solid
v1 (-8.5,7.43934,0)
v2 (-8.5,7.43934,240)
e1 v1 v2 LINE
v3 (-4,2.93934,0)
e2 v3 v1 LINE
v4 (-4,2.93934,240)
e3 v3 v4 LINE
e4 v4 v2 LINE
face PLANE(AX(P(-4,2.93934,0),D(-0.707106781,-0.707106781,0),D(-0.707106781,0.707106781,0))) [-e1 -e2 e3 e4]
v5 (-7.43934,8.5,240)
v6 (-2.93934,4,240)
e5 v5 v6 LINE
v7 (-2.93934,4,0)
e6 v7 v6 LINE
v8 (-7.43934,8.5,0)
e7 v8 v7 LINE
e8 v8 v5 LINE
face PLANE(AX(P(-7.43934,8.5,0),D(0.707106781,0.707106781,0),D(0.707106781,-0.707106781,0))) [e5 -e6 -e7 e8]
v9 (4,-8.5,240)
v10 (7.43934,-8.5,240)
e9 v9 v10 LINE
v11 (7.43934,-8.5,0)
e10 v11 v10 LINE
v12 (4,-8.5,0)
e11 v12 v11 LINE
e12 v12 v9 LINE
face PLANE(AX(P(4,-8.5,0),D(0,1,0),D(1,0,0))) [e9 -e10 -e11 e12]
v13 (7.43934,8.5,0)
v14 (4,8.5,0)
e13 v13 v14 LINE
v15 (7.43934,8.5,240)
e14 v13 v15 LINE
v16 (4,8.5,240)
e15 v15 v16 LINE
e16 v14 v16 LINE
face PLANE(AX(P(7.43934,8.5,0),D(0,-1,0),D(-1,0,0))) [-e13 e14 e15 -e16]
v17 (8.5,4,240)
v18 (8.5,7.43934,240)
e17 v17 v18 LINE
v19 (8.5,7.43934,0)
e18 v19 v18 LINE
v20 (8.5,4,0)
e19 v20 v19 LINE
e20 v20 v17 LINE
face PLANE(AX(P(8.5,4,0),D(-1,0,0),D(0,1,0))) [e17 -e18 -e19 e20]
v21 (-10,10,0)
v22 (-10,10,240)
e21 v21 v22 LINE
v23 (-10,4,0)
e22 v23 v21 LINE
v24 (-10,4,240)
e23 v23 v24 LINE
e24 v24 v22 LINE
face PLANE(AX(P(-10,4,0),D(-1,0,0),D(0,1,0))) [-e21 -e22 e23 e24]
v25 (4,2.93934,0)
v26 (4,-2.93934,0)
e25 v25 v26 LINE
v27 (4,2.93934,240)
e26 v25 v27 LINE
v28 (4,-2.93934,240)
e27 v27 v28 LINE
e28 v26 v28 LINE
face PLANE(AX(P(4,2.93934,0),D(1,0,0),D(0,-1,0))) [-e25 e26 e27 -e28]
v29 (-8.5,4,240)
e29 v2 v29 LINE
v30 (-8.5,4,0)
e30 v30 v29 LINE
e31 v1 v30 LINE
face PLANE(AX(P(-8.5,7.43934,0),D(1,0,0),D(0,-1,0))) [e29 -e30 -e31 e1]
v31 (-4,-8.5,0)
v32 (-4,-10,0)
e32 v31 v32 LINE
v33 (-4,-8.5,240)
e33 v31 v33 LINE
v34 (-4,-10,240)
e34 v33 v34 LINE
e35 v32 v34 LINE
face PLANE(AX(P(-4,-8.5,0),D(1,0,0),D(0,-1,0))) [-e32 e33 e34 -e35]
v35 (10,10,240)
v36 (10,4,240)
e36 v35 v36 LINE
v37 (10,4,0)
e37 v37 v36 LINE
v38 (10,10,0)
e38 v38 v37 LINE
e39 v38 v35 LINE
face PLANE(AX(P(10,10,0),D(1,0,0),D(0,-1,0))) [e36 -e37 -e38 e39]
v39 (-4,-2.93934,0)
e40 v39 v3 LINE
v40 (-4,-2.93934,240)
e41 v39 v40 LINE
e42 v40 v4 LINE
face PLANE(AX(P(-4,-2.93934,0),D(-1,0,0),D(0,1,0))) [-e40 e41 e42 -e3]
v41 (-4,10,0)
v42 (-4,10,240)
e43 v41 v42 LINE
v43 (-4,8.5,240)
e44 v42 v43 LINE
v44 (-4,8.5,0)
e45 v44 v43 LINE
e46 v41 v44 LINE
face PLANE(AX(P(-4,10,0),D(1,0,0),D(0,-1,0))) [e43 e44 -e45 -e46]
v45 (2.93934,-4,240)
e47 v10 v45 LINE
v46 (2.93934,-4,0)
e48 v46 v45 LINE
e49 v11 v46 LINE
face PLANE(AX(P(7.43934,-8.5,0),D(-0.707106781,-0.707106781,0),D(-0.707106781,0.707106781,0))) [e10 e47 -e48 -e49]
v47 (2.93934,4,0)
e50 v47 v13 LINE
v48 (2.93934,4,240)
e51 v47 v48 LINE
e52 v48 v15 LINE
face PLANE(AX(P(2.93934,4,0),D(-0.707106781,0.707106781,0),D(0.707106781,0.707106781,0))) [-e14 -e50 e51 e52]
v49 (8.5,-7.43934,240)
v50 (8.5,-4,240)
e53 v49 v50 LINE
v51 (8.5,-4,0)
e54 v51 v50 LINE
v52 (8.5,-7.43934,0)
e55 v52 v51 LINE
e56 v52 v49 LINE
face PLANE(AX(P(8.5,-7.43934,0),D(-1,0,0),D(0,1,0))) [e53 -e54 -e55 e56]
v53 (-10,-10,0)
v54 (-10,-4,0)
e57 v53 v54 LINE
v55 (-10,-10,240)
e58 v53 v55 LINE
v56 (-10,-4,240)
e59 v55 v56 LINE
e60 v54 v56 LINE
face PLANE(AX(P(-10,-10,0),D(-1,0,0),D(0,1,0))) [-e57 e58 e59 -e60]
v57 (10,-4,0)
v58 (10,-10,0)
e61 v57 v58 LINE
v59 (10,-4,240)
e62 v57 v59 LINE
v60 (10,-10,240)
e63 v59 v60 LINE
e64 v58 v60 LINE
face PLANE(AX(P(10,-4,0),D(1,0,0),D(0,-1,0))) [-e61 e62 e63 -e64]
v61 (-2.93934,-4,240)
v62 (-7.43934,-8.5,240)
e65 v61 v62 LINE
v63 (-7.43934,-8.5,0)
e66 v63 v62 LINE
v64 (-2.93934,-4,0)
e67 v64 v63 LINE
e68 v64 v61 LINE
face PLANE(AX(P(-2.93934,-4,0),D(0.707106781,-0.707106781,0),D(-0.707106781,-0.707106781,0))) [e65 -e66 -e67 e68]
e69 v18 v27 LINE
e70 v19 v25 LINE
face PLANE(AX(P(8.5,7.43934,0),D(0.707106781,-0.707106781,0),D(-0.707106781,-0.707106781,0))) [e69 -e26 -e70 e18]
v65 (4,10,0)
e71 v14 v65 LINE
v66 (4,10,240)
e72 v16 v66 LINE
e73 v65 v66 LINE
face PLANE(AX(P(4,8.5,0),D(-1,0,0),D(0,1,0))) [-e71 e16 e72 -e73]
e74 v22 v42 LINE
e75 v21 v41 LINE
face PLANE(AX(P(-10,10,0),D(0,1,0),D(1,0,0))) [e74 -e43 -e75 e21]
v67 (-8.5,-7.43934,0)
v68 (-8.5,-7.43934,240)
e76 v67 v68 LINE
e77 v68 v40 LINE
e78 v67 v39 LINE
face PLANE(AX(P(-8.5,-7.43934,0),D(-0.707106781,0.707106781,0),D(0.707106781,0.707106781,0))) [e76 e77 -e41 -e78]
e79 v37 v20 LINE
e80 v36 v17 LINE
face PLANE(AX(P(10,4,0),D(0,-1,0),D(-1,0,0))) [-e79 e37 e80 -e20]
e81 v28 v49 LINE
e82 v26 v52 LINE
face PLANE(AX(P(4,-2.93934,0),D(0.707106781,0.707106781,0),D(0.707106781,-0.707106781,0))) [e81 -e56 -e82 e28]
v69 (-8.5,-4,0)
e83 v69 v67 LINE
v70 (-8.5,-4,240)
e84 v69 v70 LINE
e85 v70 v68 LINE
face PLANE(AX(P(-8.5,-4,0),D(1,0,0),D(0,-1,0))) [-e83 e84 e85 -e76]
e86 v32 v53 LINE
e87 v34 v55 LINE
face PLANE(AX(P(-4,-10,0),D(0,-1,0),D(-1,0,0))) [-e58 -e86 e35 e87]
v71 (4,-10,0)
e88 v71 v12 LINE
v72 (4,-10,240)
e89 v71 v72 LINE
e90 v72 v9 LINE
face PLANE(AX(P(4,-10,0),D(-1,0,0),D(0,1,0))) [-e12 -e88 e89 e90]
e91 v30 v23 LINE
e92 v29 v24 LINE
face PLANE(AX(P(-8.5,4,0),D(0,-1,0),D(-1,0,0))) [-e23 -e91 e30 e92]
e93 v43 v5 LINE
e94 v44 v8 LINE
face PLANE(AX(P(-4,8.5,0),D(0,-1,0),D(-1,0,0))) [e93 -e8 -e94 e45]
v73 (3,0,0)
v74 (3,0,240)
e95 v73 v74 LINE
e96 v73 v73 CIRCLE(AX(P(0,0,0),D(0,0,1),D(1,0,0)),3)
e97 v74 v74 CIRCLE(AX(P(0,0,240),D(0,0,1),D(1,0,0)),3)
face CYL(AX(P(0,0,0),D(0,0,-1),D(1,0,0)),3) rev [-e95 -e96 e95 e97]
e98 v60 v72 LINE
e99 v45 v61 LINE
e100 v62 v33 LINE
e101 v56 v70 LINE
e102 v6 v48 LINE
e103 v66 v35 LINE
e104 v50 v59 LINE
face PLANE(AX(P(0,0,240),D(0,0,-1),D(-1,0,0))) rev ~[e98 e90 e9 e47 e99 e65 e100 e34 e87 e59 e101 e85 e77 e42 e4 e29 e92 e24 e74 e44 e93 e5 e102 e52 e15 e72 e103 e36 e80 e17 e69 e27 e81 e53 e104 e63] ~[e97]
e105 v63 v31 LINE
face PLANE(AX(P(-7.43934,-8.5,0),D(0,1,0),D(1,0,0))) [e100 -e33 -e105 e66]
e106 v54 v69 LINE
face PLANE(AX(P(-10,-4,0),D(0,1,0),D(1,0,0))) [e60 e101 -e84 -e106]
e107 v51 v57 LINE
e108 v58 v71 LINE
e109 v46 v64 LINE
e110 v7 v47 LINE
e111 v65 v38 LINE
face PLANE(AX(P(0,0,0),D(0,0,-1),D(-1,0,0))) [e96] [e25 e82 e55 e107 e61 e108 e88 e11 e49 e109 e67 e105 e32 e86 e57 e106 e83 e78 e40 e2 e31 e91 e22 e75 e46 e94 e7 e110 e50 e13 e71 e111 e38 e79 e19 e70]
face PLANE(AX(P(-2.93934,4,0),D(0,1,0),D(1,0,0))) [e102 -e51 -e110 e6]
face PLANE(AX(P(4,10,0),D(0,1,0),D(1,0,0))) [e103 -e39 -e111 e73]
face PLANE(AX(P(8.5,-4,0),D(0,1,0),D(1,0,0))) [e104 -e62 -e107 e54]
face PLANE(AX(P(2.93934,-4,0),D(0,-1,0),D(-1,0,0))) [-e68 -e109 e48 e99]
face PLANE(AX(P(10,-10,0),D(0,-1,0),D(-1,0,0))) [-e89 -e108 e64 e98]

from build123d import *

# Parameters (mm, degrees)
ESBO_O1_R                = 3
RESSALTO_EXTRUS_O1_DEPTH = 240


with BuildPart() as part:
    # Esboço1 → Ressalto-extrusão1 (new body)
    with BuildSketch(Plane.XY):
        Polygon((-2.939339828, 4), (2.939339828, 4), (7.439339828, 8.5), (4, 8.5), (4, 10), (10, 10), (10, 4), (8.5, 4), (8.5, 7.439339828), (4, 2.939339828), (4, -2.939339828), (8.5, -7.439339828), (8.5, -4), (10, -4), (10, -10), (4, -10), (4, -8.5), (7.439339828, -8.5), (2.939339828, -4), (-2.939339828, -4), (-7.439339828, -8.5), (-4, -8.5), (-4, -10), (-10, -10), (-10, -4), (-8.5, -4), (-8.5, -7.439339828), (-4, -2.939339828), (-4, 2.939339828), (-8.5, 7.439339828), (-8.5, 4), (-10, 4), (-10, 10), (-4, 10), (-4, 8.5), (-7.439339828, 8.5), align=None)
        Circle(ESBO_O1_R, mode=Mode.SUBTRACT)
    extrude(amount=RESSALTO_EXTRUS_O1_DEPTH)


solid = part.part
